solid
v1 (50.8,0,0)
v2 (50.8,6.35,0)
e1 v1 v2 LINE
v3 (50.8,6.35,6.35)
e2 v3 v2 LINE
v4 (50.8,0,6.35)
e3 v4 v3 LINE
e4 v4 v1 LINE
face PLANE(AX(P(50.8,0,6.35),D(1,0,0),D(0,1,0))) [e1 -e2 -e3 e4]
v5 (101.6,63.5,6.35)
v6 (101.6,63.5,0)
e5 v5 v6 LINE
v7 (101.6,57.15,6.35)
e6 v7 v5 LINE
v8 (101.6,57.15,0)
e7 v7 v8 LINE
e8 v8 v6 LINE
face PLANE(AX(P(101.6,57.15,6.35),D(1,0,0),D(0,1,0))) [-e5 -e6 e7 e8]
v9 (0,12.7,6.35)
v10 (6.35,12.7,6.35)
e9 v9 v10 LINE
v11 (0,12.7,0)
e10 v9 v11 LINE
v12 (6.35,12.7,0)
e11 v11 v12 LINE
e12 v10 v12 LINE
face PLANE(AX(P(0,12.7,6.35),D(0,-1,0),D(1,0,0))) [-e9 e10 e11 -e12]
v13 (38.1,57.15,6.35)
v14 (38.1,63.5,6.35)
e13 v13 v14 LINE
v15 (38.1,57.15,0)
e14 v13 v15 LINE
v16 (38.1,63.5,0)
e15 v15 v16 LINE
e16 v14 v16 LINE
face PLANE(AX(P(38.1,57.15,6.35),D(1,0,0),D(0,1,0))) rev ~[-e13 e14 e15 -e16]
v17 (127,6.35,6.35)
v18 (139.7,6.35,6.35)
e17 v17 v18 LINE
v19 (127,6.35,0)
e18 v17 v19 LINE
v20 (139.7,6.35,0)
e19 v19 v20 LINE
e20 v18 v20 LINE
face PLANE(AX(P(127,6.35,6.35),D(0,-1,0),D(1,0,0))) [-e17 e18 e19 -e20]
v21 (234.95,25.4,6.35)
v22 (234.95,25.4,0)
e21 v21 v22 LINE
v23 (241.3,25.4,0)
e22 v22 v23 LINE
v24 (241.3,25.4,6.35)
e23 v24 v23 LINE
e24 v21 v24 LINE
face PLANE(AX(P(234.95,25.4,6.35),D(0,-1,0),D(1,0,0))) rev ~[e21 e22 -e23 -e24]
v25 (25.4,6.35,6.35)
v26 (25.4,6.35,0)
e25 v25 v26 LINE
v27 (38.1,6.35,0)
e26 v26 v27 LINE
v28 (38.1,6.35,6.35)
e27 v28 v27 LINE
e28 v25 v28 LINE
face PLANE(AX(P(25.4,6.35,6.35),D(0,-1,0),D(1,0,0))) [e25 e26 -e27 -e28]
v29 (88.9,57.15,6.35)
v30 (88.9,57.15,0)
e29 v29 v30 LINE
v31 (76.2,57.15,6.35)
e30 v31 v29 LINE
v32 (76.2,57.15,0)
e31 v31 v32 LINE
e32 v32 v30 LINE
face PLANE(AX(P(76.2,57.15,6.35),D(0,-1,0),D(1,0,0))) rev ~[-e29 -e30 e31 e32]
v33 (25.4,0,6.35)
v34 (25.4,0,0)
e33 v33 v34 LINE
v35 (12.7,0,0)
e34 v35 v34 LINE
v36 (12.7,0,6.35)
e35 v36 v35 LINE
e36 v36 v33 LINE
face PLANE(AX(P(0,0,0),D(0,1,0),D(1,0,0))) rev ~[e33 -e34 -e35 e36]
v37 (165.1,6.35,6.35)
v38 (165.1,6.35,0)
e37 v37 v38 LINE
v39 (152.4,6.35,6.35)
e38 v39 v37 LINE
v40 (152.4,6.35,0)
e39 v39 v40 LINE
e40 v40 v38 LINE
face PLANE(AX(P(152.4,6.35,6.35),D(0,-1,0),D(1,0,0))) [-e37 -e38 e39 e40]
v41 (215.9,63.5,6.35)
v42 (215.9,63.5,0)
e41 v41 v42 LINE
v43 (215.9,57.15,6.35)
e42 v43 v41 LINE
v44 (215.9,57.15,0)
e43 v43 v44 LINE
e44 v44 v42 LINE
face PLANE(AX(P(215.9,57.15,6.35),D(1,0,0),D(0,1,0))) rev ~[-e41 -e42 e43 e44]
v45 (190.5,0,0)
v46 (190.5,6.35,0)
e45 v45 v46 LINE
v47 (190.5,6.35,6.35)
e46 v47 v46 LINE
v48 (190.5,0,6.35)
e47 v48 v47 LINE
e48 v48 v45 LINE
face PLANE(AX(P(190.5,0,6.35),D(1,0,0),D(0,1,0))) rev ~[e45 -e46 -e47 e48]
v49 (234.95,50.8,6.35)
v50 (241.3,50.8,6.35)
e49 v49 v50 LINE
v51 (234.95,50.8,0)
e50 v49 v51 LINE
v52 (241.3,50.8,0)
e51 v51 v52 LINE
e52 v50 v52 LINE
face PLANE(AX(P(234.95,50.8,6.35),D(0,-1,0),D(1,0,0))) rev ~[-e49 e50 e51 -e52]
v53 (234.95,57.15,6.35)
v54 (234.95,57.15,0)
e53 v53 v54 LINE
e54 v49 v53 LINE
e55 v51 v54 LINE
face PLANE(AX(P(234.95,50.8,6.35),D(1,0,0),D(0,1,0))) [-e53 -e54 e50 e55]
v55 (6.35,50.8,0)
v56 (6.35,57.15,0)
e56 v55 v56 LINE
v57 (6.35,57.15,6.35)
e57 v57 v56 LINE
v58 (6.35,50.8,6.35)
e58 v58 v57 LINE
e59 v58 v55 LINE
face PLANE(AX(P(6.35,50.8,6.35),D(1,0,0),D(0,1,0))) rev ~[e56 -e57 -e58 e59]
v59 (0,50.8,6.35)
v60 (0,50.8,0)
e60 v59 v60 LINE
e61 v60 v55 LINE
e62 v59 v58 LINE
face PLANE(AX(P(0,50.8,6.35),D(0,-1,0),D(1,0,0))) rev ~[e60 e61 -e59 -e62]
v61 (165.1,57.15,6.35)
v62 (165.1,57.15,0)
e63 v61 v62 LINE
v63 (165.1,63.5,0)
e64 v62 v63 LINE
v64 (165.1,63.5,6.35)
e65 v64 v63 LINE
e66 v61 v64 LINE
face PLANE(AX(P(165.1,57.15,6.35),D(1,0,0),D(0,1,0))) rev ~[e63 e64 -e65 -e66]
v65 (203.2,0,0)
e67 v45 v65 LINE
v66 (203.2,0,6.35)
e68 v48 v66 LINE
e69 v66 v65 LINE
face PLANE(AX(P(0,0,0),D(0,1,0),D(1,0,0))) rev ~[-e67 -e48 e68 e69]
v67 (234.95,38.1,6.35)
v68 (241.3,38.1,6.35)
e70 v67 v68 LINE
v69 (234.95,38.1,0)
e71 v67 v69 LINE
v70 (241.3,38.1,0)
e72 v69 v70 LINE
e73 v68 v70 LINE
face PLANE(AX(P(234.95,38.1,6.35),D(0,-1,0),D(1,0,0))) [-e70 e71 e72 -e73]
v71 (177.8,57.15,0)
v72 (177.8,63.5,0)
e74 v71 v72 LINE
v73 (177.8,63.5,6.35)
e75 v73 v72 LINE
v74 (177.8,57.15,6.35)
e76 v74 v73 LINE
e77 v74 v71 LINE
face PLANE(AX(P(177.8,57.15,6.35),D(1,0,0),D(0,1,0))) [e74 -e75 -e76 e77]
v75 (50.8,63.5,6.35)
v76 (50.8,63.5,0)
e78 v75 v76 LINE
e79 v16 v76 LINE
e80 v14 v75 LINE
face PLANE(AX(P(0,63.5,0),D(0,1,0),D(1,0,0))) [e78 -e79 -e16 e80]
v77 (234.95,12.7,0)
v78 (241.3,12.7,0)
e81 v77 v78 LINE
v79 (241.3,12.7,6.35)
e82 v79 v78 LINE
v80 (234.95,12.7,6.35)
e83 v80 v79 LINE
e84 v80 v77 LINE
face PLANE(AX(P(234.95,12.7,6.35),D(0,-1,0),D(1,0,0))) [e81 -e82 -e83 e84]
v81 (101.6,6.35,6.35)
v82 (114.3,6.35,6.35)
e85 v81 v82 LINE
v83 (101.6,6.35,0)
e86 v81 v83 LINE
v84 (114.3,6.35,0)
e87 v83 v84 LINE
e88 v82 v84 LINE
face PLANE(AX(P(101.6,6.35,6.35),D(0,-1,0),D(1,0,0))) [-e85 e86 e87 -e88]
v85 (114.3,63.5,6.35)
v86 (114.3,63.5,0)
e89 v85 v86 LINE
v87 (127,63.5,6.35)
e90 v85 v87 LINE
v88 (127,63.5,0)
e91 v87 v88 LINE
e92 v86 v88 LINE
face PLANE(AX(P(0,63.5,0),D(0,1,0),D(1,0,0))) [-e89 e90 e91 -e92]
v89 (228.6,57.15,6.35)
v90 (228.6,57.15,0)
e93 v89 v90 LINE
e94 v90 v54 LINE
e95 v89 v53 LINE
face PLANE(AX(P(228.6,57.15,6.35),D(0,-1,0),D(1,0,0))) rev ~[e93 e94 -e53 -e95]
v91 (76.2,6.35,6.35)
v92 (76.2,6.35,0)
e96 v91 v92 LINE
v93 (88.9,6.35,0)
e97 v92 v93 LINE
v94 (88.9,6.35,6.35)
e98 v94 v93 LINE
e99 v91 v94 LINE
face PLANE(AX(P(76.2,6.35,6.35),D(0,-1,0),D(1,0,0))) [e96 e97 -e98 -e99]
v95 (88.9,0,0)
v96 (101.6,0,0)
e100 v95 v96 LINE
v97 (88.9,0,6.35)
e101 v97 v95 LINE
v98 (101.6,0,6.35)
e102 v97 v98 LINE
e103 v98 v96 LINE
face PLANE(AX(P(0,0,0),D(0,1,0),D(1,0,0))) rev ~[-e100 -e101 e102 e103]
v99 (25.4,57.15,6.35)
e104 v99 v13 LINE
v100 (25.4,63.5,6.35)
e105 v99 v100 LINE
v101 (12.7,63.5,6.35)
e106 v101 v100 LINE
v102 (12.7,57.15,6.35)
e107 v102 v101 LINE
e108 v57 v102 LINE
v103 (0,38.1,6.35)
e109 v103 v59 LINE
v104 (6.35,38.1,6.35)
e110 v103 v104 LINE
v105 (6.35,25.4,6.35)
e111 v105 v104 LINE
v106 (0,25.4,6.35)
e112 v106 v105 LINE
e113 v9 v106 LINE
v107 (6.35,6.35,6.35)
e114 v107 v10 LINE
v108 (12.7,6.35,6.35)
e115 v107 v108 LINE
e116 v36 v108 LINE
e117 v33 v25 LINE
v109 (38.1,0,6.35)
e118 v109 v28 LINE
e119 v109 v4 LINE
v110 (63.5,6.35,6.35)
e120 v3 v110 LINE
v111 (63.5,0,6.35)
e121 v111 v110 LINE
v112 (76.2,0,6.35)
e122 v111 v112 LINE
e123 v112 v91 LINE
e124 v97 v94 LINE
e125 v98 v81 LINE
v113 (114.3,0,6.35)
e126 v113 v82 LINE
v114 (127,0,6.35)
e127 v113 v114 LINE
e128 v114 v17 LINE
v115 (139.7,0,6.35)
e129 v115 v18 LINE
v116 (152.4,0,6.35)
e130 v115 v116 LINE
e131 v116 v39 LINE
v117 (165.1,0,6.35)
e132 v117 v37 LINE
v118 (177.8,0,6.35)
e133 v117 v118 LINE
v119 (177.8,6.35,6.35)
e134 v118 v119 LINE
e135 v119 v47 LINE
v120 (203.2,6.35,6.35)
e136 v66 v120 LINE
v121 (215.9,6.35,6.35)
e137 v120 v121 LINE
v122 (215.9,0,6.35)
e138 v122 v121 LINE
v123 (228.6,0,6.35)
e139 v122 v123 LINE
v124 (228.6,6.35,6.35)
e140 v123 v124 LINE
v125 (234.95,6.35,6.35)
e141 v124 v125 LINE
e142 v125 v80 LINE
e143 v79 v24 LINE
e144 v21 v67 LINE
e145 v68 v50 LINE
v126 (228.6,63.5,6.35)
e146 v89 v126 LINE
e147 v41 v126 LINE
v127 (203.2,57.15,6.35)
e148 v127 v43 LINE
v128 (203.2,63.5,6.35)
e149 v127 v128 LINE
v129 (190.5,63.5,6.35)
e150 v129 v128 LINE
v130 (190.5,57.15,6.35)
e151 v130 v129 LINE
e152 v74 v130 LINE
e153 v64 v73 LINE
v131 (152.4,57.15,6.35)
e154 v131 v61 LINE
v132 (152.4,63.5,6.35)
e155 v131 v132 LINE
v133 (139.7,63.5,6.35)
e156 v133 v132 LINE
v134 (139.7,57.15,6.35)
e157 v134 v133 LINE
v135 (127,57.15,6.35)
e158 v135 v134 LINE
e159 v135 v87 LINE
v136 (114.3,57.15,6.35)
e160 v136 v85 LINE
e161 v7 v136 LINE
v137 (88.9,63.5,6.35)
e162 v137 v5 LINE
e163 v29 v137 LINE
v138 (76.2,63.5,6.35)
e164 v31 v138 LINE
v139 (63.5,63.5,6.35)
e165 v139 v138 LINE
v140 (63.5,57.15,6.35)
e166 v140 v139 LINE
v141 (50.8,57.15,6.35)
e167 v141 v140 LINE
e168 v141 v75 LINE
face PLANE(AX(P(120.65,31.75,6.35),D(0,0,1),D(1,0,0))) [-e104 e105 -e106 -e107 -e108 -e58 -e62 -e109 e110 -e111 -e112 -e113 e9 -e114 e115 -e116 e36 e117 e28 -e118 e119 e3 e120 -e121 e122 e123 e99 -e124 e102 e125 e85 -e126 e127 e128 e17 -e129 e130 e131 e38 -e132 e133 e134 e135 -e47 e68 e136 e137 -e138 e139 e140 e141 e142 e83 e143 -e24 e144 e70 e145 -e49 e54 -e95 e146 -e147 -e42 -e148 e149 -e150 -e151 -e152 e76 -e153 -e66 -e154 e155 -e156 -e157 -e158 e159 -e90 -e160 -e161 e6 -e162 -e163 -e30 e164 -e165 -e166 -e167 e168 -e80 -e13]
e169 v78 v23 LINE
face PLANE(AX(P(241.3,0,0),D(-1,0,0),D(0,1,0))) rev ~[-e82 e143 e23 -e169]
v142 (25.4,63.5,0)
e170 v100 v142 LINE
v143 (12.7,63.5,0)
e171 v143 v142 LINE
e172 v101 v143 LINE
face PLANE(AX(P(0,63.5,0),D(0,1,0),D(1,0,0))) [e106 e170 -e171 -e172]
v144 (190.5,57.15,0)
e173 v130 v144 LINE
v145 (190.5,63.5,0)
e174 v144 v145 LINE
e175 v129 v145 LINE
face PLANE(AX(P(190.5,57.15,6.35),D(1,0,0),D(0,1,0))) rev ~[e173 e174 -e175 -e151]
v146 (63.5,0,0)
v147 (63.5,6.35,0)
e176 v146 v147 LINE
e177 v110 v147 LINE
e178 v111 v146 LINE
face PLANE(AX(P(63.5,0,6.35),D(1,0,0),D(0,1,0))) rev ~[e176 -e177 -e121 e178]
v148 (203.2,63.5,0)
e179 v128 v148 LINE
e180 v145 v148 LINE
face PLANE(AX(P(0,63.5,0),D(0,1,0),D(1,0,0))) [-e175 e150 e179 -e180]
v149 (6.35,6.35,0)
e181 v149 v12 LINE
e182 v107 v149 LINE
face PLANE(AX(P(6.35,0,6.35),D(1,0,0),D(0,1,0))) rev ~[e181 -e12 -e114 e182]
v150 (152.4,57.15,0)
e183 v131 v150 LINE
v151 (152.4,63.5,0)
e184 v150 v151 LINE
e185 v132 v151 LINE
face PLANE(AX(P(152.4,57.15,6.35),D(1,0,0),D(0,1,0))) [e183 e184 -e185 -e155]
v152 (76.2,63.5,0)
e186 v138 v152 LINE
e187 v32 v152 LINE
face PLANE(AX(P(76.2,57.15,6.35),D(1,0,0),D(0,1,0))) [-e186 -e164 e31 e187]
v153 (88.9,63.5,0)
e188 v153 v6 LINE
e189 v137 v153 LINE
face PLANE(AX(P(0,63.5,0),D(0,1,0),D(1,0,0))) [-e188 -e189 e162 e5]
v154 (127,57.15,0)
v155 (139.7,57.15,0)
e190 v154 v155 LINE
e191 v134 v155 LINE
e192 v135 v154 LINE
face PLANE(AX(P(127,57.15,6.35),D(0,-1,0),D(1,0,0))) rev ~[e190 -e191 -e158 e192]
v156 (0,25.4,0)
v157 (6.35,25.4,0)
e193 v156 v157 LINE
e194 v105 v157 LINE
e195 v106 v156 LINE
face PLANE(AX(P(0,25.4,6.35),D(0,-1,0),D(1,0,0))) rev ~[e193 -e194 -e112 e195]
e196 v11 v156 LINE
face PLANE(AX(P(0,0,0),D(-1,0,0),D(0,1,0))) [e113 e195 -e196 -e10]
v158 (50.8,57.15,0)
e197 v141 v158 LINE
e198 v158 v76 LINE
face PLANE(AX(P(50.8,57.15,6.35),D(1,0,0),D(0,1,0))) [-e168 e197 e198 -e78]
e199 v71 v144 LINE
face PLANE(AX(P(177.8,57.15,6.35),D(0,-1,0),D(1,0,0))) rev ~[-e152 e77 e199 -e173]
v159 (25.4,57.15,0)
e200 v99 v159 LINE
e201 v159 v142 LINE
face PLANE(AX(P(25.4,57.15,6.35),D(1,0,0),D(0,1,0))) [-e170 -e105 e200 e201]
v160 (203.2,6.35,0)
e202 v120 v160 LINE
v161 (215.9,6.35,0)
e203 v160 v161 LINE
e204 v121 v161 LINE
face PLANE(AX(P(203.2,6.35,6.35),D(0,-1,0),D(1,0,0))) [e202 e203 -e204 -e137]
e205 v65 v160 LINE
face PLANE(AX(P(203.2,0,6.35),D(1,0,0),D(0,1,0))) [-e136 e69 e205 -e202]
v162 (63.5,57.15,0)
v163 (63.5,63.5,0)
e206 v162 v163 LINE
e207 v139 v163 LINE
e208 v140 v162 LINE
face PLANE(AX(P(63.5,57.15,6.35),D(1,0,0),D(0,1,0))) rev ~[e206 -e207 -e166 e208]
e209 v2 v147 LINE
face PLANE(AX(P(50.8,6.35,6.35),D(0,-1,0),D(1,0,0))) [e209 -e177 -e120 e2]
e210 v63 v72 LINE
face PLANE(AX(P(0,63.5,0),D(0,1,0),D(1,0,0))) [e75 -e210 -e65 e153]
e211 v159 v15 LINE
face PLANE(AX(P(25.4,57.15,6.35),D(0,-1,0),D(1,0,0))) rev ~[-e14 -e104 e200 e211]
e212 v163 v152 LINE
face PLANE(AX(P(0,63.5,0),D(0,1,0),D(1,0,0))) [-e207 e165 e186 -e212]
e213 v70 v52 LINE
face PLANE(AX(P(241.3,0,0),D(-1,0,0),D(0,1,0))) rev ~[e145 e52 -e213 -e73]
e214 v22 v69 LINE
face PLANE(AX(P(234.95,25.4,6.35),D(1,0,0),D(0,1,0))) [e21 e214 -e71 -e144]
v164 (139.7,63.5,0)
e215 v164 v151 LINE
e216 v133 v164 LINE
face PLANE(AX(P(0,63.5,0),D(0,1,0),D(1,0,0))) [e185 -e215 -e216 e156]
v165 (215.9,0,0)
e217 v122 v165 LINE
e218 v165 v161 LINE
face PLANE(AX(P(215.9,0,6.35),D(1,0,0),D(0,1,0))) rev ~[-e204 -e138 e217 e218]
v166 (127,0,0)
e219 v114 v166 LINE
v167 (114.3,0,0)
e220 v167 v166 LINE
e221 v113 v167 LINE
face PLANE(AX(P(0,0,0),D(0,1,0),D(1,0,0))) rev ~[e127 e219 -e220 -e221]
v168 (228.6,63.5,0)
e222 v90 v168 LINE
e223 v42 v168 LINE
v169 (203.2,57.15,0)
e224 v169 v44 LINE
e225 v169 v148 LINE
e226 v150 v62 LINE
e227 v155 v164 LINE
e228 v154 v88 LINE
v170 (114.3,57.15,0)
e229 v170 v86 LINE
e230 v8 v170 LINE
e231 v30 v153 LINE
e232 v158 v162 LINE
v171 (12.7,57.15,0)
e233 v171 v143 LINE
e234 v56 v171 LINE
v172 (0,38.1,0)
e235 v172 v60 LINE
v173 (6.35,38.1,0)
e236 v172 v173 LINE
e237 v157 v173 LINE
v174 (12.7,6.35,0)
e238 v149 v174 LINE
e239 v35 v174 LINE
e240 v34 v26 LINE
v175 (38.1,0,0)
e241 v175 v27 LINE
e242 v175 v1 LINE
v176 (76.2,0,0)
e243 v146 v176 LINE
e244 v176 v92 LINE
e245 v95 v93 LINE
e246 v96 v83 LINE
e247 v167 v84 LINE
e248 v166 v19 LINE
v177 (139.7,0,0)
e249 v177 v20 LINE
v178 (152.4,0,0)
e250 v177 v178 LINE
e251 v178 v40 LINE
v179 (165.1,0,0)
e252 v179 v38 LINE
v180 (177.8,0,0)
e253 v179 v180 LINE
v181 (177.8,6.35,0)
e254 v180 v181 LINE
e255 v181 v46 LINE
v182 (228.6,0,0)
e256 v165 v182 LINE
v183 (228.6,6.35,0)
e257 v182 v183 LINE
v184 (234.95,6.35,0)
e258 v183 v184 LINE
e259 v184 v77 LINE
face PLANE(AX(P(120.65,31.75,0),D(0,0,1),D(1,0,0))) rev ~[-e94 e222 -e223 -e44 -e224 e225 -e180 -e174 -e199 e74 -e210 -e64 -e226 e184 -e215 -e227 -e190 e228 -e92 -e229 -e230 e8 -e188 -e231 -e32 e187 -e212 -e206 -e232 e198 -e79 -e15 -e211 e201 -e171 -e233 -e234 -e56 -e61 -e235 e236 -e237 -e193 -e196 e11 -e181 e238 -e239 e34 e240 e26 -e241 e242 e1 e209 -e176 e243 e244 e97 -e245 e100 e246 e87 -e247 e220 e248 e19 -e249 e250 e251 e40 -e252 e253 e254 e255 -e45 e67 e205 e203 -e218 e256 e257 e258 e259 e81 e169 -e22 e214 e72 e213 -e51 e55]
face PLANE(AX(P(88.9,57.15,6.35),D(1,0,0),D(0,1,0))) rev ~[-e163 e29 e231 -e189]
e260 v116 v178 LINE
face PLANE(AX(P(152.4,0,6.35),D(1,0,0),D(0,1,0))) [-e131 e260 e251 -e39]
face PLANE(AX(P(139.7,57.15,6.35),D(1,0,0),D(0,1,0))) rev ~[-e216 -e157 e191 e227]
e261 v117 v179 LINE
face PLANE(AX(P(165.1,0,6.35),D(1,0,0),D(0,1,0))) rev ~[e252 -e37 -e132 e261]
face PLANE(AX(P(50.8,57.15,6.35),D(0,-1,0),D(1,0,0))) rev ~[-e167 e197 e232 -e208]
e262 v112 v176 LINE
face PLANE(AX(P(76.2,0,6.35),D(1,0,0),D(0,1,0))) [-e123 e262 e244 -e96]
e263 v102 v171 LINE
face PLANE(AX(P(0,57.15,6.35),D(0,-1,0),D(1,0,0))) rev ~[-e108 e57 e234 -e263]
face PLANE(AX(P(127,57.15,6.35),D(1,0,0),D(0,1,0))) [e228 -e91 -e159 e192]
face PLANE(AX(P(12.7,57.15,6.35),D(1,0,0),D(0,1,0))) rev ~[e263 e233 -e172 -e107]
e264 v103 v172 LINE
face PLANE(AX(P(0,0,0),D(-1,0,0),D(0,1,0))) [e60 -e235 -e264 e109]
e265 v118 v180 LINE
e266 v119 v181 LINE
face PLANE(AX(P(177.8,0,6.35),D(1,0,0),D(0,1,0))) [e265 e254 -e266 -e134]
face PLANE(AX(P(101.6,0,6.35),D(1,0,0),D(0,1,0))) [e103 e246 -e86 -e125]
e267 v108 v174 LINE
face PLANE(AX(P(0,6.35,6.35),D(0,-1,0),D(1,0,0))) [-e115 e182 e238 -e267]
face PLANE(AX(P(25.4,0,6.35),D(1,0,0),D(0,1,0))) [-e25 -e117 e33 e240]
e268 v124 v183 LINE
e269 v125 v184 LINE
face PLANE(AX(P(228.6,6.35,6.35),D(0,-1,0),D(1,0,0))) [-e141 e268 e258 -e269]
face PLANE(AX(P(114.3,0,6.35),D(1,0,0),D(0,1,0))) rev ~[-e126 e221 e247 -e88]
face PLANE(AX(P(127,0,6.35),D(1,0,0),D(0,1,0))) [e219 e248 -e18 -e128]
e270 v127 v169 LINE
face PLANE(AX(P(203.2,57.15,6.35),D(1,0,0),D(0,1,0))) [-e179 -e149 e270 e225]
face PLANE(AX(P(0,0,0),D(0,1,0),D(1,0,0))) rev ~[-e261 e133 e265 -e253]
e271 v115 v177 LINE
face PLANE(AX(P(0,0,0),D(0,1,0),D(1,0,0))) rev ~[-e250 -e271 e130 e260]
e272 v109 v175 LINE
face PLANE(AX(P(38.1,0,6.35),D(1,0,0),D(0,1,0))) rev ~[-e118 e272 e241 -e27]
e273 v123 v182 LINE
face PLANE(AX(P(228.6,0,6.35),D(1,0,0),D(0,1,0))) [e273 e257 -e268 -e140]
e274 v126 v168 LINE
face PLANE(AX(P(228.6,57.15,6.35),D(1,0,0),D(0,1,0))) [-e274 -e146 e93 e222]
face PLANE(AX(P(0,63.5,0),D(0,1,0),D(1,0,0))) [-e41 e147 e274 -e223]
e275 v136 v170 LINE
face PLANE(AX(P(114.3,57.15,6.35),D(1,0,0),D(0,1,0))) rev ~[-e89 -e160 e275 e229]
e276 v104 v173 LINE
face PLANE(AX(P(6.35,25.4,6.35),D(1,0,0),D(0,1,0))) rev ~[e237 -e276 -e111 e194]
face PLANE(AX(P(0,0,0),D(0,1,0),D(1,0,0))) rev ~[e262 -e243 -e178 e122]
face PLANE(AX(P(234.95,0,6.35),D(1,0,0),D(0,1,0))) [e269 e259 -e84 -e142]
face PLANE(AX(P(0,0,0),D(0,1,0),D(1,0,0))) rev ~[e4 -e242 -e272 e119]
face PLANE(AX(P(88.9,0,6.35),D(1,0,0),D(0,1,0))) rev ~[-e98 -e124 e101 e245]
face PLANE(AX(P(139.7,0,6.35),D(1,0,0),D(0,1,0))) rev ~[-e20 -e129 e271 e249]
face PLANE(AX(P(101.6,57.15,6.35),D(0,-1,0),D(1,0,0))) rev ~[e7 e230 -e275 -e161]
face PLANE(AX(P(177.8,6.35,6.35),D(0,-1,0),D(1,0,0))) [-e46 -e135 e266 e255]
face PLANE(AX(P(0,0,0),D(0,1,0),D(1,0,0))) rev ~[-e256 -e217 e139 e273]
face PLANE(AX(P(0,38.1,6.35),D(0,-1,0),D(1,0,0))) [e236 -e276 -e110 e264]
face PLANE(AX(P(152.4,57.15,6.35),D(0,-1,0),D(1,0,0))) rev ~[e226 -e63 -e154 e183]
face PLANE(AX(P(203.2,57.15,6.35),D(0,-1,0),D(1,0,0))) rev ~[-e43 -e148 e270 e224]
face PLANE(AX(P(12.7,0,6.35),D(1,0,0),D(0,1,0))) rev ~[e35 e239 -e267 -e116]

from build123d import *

# Parameters (mm, degrees)
SKETCH2_W           = 241.3
SKETCH2_H           = 63.5
BOSS_EXTRUDE1_DEPTH = 6.35
SKETCH3_W           = 6.35
SKETCH3_H           = 12.7
CUT_EXTRUDE1_DEPTH  = 7.35
LPATTERN1_COUNT     = 3
LPATTERN1_PITCH     = 25.4
SKETCH4_W           = 12.7
SKETCH4_H           = 6.35
CUT_EXTRUDE2_DEPTH  = 7.35
LPATTERN2_COUNT     = 10
LPATTERN2_PITCH     = 25.4


with BuildPart() as part:
    # Sketch2 → Boss-Extrude1 (new body)
    with BuildSketch(Plane.XY):
        with Locations((120.65, 31.75)):
            Rectangle(SKETCH2_W, SKETCH2_H)
    extrude(amount=BOSS_EXTRUDE1_DEPTH)

    # Sketch3 → Cut-Extrude1 (cut, through all)
    with BuildSketch(Plane.XY.offset(6.35)):
        with Locations((3.175, 57.15)):
            Rectangle(SKETCH3_W, SKETCH3_H)
        with Locations((238.125, 57.15)):
            Rectangle(SKETCH3_W, SKETCH3_H)
    cut_extrude1 = extrude(amount=-CUT_EXTRUDE1_DEPTH, mode=Mode.SUBTRACT)

    # LPattern1: Cut-Extrude1 ×3
    with Locations(*[(0, -i * LPATTERN1_PITCH, 0) for i in range(1, LPATTERN1_COUNT)]):
        add(cut_extrude1, mode=Mode.SUBTRACT)

    # Sketch4 → Cut-Extrude2 (cut, through all)
    with BuildSketch(Plane.XY.offset(6.35)):
        with Locations((6.35, 60.325)):
            Rectangle(SKETCH4_W, SKETCH4_H)
        with Locations((6.35, 3.175)):
            Rectangle(SKETCH4_W, SKETCH4_H)
    cut_extrude2 = extrude(amount=-CUT_EXTRUDE2_DEPTH, mode=Mode.SUBTRACT)

    # LPattern2: Cut-Extrude2 ×10
    with Locations(*[(i * LPATTERN2_PITCH, 0, 0) for i in range(1, LPATTERN2_COUNT)]):
        add(cut_extrude2, mode=Mode.SUBTRACT)


solid = part.part
